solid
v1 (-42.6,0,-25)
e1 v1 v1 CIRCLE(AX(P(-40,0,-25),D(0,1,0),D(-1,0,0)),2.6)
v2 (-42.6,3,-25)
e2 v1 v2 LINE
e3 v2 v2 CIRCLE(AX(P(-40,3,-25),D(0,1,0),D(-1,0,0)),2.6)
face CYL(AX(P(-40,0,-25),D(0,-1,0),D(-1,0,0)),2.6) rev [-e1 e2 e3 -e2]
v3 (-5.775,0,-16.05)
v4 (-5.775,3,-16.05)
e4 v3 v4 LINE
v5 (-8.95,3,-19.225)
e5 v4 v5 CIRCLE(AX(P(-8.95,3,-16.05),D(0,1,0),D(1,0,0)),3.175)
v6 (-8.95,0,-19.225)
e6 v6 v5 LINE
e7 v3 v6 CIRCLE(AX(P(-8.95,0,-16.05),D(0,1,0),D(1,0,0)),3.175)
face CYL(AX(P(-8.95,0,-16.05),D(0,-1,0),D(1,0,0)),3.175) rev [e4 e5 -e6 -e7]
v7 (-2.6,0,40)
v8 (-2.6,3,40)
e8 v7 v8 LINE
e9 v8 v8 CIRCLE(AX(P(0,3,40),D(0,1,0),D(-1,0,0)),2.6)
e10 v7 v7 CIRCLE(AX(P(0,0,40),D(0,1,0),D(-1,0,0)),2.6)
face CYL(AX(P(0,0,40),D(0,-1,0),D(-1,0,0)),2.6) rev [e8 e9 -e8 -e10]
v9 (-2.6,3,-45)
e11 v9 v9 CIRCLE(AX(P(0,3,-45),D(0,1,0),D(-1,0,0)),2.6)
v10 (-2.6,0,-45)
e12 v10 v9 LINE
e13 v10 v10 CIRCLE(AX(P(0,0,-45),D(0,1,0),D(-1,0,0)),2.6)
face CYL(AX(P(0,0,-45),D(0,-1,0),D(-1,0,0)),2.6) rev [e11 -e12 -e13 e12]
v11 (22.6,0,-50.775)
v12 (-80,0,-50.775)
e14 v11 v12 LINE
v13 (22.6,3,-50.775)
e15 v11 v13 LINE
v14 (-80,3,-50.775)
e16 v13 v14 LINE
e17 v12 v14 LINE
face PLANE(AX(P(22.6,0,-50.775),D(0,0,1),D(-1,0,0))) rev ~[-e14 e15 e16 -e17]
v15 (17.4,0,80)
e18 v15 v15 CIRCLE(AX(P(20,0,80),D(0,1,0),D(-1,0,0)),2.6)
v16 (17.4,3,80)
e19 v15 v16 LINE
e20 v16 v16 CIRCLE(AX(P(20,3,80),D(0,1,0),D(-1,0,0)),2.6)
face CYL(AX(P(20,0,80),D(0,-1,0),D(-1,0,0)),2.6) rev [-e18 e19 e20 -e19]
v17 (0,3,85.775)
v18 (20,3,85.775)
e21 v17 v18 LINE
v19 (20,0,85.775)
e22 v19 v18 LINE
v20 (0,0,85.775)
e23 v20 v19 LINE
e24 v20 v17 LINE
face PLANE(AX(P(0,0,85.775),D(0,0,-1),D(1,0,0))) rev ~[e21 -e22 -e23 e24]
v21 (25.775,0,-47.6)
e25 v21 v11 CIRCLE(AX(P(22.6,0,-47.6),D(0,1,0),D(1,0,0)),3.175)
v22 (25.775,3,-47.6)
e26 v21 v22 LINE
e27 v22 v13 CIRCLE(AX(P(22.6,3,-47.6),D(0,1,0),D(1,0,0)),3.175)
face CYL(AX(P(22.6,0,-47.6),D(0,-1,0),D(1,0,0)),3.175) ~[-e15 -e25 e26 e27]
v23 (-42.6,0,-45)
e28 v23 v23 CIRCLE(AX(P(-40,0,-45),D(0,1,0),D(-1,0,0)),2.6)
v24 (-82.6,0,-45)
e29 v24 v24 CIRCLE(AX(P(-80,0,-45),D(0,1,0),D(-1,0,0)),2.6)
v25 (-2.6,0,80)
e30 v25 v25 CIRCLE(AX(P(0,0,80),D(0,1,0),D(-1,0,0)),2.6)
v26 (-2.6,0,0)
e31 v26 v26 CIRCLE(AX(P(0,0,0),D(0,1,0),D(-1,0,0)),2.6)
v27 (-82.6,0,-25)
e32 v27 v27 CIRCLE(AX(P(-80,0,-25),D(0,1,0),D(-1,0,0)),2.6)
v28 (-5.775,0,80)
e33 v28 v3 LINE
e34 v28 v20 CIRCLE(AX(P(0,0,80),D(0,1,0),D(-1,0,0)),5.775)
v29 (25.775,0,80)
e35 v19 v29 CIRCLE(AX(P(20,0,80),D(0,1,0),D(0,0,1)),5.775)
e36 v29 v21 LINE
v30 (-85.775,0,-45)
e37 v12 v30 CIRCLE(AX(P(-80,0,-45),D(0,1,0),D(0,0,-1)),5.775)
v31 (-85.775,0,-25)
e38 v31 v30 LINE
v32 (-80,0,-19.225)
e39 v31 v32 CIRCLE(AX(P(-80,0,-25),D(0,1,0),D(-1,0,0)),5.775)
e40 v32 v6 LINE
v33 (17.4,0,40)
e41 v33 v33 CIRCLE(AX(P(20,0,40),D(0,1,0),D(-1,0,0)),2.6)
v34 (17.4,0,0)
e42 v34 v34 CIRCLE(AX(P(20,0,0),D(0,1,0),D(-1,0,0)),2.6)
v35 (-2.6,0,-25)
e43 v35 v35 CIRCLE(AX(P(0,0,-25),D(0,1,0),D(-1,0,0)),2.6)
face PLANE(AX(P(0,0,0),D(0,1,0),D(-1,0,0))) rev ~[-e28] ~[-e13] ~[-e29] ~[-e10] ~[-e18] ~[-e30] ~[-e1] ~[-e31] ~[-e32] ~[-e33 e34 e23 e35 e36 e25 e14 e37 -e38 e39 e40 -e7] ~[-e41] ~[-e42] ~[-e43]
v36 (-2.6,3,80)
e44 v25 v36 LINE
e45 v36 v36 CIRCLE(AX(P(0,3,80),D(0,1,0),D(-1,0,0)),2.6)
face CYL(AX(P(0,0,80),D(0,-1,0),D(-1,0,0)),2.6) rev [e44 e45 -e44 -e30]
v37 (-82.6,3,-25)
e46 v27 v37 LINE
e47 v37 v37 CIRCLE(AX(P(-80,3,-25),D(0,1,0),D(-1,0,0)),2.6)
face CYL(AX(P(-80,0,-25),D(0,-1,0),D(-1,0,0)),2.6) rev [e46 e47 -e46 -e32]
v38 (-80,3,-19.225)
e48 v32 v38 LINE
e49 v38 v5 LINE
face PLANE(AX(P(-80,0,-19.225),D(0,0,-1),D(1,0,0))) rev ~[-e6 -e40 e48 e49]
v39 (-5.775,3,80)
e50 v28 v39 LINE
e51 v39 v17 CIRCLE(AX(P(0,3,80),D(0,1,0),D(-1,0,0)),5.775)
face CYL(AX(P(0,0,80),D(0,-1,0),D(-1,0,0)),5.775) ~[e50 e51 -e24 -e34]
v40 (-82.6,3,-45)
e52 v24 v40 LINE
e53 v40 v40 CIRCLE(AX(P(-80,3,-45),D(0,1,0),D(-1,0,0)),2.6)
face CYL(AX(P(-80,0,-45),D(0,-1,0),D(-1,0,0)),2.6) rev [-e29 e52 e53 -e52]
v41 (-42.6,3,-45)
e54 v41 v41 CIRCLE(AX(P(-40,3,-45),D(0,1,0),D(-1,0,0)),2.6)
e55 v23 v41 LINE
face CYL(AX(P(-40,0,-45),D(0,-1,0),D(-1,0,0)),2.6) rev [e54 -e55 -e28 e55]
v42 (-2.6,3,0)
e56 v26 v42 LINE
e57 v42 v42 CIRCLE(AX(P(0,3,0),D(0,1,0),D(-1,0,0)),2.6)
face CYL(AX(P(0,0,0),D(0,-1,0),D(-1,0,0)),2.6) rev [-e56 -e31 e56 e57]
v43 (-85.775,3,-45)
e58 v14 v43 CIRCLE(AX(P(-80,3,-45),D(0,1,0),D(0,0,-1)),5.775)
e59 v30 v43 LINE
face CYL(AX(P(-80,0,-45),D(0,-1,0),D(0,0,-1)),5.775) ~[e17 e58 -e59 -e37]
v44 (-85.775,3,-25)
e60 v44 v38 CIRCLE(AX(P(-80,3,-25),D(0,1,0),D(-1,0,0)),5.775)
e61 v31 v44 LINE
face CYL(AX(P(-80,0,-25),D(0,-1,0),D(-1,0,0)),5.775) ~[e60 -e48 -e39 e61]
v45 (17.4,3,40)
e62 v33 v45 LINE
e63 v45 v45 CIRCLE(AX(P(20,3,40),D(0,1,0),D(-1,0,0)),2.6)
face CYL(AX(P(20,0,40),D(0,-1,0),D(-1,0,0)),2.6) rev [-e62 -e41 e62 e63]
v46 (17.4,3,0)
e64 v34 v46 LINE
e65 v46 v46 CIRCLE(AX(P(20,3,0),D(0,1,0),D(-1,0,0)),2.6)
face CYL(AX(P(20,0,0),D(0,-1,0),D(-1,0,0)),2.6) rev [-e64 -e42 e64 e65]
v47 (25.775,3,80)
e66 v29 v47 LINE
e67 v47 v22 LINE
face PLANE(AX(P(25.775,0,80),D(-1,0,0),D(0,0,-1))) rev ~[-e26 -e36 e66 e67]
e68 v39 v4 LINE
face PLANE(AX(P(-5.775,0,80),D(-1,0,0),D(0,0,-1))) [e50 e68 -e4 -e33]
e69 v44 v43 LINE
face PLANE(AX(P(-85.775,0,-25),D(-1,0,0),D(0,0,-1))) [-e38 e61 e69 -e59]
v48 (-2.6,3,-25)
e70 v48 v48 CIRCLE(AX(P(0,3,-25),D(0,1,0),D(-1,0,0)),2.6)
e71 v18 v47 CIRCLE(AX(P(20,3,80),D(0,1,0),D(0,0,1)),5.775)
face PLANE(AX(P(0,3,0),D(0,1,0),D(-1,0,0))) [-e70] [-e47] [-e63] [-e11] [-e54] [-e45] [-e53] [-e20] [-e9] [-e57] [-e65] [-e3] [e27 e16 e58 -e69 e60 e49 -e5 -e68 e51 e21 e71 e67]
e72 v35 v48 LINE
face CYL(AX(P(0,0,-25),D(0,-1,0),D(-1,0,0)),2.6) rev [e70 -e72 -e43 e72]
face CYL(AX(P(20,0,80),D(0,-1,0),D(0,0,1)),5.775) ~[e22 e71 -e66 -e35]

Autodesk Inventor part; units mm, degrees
ref_plane "YZ Plane" through (0, 0, 0) normal (1, 0, 0) x (0, 1, 0)
ref_plane "XZ Plane" through (0, 0, 0) normal (0, 1, 0) x (-1, 0, 0)
ref_plane "XY Plane" through (0, 0, 0) normal (0, 0, 1) x (1, 0, 0)
sketch "Sketch1" plane through (0, 0, 0) normal (0, 1, 0) x (-1, 0, 0)
  circle A0 centre (0, 0) radius 2.6
  line L0 (0, 0) -> (0, -2.6) construction
  line L1 (0, 0) -> (-2.6, 0) construction
  circle A1 centre (-20, 0) radius 2.6
  circle A2 centre (0, 40) radius 2.6
  circle A3 centre (-20, 40) radius 2.6
  circle A4 centre (0, 80) radius 2.6
  circle A5 centre (-20, 80) radius 2.6
  circle A6 centre (0, -25) radius 2.6
  line L2 (0, -25) -> (2.6, -25) construction
  line L3 (0, -25) -> (0, -27.6) construction
  circle A7 centre (40, -25) radius 2.6
  circle A8 centre (80, -25) radius 2.6
  circle A9 centre (0, -45) radius 2.6
  circle A10 centre (40, -45) radius 2.6
  circle A11 centre (80, -45) radius 2.6
  circle A12 centre (0, 80) radius 5.775 construction
  circle A13 centre (-20, 80) radius 5.775 construction
  circle A14 centre (80, -45) radius 5.775 construction
  circle A15 centre (80, -25) radius 5.775 construction
  line L4 (5.775, 80) -> (5.775, -16.05)
  line L5 (0, 85.775) -> (-20, 85.775)
  arc A16 (5.775, 80) -> (0, 85.775) centre (0, 80) ccw
  arc A17 (-20, 85.775) -> (-25.775, 80) centre (-20, 80) ccw
  line L6 (80, -19.225) -> (8.95, -19.225)
  line L7 (-25.775, 80) -> (-25.775, -47.6)
  line L8 (-22.6, -50.775) -> (80, -50.775)
  arc A18 (-25.775, -47.6) -> (-22.6, -50.775) centre (-22.6, -47.6) ccw
  arc A19 (5.775, -16.05) -> (8.95, -19.225) centre (8.95, -16.05) ccw
  line L9 (85.775, -25) -> (85.775, -45)
  arc A20 (80, -50.775) -> (85.775, -45) centre (80, -45) ccw
  arc A21 (85.775, -25) -> (80, -19.225) centre (80, -25) ccw
  point P0 (-20, -2.6)
  point P1 (-22.6, 0)
  point P2 (0, 37.4)
  point P3 (-2.6, 40)
  point P4 (-20, 37.4)
  point P5 (-22.6, 40)
  point P6 (0, 77.4)
  point P7 (-2.6, 80)
  point P8 (-20, 77.4)
  point P9 (-22.6, 80)
  point P10 (42.6, -25)
  point P11 (40, -27.6)
  point P12 (82.6, -25)
  point P13 (80, -27.6)
  point P14 (2.6, -45)
  point P15 (0, -47.6)
  point P16 (42.6, -45)
  point P17 (40, -47.6)
  point P18 (82.6, -45)
  point P19 (80, -47.6)
  point P20 (5.775, -19.225)
  dimension "d0" = 5.2
  dimension "d3" = 20
  dimension "d6" = 40
  dimension "d13" = 40
  dimension "d16" = 20
  dimension "d19" = 3.175
  dimension "d23" = 25
  dimension "d24" = 3.175
extrude "Extrusion2" add sketch "Sketch1" along normal blind 3
properties part number "CNC-003-StructureGusset3" material "Steel AISI 1080"
